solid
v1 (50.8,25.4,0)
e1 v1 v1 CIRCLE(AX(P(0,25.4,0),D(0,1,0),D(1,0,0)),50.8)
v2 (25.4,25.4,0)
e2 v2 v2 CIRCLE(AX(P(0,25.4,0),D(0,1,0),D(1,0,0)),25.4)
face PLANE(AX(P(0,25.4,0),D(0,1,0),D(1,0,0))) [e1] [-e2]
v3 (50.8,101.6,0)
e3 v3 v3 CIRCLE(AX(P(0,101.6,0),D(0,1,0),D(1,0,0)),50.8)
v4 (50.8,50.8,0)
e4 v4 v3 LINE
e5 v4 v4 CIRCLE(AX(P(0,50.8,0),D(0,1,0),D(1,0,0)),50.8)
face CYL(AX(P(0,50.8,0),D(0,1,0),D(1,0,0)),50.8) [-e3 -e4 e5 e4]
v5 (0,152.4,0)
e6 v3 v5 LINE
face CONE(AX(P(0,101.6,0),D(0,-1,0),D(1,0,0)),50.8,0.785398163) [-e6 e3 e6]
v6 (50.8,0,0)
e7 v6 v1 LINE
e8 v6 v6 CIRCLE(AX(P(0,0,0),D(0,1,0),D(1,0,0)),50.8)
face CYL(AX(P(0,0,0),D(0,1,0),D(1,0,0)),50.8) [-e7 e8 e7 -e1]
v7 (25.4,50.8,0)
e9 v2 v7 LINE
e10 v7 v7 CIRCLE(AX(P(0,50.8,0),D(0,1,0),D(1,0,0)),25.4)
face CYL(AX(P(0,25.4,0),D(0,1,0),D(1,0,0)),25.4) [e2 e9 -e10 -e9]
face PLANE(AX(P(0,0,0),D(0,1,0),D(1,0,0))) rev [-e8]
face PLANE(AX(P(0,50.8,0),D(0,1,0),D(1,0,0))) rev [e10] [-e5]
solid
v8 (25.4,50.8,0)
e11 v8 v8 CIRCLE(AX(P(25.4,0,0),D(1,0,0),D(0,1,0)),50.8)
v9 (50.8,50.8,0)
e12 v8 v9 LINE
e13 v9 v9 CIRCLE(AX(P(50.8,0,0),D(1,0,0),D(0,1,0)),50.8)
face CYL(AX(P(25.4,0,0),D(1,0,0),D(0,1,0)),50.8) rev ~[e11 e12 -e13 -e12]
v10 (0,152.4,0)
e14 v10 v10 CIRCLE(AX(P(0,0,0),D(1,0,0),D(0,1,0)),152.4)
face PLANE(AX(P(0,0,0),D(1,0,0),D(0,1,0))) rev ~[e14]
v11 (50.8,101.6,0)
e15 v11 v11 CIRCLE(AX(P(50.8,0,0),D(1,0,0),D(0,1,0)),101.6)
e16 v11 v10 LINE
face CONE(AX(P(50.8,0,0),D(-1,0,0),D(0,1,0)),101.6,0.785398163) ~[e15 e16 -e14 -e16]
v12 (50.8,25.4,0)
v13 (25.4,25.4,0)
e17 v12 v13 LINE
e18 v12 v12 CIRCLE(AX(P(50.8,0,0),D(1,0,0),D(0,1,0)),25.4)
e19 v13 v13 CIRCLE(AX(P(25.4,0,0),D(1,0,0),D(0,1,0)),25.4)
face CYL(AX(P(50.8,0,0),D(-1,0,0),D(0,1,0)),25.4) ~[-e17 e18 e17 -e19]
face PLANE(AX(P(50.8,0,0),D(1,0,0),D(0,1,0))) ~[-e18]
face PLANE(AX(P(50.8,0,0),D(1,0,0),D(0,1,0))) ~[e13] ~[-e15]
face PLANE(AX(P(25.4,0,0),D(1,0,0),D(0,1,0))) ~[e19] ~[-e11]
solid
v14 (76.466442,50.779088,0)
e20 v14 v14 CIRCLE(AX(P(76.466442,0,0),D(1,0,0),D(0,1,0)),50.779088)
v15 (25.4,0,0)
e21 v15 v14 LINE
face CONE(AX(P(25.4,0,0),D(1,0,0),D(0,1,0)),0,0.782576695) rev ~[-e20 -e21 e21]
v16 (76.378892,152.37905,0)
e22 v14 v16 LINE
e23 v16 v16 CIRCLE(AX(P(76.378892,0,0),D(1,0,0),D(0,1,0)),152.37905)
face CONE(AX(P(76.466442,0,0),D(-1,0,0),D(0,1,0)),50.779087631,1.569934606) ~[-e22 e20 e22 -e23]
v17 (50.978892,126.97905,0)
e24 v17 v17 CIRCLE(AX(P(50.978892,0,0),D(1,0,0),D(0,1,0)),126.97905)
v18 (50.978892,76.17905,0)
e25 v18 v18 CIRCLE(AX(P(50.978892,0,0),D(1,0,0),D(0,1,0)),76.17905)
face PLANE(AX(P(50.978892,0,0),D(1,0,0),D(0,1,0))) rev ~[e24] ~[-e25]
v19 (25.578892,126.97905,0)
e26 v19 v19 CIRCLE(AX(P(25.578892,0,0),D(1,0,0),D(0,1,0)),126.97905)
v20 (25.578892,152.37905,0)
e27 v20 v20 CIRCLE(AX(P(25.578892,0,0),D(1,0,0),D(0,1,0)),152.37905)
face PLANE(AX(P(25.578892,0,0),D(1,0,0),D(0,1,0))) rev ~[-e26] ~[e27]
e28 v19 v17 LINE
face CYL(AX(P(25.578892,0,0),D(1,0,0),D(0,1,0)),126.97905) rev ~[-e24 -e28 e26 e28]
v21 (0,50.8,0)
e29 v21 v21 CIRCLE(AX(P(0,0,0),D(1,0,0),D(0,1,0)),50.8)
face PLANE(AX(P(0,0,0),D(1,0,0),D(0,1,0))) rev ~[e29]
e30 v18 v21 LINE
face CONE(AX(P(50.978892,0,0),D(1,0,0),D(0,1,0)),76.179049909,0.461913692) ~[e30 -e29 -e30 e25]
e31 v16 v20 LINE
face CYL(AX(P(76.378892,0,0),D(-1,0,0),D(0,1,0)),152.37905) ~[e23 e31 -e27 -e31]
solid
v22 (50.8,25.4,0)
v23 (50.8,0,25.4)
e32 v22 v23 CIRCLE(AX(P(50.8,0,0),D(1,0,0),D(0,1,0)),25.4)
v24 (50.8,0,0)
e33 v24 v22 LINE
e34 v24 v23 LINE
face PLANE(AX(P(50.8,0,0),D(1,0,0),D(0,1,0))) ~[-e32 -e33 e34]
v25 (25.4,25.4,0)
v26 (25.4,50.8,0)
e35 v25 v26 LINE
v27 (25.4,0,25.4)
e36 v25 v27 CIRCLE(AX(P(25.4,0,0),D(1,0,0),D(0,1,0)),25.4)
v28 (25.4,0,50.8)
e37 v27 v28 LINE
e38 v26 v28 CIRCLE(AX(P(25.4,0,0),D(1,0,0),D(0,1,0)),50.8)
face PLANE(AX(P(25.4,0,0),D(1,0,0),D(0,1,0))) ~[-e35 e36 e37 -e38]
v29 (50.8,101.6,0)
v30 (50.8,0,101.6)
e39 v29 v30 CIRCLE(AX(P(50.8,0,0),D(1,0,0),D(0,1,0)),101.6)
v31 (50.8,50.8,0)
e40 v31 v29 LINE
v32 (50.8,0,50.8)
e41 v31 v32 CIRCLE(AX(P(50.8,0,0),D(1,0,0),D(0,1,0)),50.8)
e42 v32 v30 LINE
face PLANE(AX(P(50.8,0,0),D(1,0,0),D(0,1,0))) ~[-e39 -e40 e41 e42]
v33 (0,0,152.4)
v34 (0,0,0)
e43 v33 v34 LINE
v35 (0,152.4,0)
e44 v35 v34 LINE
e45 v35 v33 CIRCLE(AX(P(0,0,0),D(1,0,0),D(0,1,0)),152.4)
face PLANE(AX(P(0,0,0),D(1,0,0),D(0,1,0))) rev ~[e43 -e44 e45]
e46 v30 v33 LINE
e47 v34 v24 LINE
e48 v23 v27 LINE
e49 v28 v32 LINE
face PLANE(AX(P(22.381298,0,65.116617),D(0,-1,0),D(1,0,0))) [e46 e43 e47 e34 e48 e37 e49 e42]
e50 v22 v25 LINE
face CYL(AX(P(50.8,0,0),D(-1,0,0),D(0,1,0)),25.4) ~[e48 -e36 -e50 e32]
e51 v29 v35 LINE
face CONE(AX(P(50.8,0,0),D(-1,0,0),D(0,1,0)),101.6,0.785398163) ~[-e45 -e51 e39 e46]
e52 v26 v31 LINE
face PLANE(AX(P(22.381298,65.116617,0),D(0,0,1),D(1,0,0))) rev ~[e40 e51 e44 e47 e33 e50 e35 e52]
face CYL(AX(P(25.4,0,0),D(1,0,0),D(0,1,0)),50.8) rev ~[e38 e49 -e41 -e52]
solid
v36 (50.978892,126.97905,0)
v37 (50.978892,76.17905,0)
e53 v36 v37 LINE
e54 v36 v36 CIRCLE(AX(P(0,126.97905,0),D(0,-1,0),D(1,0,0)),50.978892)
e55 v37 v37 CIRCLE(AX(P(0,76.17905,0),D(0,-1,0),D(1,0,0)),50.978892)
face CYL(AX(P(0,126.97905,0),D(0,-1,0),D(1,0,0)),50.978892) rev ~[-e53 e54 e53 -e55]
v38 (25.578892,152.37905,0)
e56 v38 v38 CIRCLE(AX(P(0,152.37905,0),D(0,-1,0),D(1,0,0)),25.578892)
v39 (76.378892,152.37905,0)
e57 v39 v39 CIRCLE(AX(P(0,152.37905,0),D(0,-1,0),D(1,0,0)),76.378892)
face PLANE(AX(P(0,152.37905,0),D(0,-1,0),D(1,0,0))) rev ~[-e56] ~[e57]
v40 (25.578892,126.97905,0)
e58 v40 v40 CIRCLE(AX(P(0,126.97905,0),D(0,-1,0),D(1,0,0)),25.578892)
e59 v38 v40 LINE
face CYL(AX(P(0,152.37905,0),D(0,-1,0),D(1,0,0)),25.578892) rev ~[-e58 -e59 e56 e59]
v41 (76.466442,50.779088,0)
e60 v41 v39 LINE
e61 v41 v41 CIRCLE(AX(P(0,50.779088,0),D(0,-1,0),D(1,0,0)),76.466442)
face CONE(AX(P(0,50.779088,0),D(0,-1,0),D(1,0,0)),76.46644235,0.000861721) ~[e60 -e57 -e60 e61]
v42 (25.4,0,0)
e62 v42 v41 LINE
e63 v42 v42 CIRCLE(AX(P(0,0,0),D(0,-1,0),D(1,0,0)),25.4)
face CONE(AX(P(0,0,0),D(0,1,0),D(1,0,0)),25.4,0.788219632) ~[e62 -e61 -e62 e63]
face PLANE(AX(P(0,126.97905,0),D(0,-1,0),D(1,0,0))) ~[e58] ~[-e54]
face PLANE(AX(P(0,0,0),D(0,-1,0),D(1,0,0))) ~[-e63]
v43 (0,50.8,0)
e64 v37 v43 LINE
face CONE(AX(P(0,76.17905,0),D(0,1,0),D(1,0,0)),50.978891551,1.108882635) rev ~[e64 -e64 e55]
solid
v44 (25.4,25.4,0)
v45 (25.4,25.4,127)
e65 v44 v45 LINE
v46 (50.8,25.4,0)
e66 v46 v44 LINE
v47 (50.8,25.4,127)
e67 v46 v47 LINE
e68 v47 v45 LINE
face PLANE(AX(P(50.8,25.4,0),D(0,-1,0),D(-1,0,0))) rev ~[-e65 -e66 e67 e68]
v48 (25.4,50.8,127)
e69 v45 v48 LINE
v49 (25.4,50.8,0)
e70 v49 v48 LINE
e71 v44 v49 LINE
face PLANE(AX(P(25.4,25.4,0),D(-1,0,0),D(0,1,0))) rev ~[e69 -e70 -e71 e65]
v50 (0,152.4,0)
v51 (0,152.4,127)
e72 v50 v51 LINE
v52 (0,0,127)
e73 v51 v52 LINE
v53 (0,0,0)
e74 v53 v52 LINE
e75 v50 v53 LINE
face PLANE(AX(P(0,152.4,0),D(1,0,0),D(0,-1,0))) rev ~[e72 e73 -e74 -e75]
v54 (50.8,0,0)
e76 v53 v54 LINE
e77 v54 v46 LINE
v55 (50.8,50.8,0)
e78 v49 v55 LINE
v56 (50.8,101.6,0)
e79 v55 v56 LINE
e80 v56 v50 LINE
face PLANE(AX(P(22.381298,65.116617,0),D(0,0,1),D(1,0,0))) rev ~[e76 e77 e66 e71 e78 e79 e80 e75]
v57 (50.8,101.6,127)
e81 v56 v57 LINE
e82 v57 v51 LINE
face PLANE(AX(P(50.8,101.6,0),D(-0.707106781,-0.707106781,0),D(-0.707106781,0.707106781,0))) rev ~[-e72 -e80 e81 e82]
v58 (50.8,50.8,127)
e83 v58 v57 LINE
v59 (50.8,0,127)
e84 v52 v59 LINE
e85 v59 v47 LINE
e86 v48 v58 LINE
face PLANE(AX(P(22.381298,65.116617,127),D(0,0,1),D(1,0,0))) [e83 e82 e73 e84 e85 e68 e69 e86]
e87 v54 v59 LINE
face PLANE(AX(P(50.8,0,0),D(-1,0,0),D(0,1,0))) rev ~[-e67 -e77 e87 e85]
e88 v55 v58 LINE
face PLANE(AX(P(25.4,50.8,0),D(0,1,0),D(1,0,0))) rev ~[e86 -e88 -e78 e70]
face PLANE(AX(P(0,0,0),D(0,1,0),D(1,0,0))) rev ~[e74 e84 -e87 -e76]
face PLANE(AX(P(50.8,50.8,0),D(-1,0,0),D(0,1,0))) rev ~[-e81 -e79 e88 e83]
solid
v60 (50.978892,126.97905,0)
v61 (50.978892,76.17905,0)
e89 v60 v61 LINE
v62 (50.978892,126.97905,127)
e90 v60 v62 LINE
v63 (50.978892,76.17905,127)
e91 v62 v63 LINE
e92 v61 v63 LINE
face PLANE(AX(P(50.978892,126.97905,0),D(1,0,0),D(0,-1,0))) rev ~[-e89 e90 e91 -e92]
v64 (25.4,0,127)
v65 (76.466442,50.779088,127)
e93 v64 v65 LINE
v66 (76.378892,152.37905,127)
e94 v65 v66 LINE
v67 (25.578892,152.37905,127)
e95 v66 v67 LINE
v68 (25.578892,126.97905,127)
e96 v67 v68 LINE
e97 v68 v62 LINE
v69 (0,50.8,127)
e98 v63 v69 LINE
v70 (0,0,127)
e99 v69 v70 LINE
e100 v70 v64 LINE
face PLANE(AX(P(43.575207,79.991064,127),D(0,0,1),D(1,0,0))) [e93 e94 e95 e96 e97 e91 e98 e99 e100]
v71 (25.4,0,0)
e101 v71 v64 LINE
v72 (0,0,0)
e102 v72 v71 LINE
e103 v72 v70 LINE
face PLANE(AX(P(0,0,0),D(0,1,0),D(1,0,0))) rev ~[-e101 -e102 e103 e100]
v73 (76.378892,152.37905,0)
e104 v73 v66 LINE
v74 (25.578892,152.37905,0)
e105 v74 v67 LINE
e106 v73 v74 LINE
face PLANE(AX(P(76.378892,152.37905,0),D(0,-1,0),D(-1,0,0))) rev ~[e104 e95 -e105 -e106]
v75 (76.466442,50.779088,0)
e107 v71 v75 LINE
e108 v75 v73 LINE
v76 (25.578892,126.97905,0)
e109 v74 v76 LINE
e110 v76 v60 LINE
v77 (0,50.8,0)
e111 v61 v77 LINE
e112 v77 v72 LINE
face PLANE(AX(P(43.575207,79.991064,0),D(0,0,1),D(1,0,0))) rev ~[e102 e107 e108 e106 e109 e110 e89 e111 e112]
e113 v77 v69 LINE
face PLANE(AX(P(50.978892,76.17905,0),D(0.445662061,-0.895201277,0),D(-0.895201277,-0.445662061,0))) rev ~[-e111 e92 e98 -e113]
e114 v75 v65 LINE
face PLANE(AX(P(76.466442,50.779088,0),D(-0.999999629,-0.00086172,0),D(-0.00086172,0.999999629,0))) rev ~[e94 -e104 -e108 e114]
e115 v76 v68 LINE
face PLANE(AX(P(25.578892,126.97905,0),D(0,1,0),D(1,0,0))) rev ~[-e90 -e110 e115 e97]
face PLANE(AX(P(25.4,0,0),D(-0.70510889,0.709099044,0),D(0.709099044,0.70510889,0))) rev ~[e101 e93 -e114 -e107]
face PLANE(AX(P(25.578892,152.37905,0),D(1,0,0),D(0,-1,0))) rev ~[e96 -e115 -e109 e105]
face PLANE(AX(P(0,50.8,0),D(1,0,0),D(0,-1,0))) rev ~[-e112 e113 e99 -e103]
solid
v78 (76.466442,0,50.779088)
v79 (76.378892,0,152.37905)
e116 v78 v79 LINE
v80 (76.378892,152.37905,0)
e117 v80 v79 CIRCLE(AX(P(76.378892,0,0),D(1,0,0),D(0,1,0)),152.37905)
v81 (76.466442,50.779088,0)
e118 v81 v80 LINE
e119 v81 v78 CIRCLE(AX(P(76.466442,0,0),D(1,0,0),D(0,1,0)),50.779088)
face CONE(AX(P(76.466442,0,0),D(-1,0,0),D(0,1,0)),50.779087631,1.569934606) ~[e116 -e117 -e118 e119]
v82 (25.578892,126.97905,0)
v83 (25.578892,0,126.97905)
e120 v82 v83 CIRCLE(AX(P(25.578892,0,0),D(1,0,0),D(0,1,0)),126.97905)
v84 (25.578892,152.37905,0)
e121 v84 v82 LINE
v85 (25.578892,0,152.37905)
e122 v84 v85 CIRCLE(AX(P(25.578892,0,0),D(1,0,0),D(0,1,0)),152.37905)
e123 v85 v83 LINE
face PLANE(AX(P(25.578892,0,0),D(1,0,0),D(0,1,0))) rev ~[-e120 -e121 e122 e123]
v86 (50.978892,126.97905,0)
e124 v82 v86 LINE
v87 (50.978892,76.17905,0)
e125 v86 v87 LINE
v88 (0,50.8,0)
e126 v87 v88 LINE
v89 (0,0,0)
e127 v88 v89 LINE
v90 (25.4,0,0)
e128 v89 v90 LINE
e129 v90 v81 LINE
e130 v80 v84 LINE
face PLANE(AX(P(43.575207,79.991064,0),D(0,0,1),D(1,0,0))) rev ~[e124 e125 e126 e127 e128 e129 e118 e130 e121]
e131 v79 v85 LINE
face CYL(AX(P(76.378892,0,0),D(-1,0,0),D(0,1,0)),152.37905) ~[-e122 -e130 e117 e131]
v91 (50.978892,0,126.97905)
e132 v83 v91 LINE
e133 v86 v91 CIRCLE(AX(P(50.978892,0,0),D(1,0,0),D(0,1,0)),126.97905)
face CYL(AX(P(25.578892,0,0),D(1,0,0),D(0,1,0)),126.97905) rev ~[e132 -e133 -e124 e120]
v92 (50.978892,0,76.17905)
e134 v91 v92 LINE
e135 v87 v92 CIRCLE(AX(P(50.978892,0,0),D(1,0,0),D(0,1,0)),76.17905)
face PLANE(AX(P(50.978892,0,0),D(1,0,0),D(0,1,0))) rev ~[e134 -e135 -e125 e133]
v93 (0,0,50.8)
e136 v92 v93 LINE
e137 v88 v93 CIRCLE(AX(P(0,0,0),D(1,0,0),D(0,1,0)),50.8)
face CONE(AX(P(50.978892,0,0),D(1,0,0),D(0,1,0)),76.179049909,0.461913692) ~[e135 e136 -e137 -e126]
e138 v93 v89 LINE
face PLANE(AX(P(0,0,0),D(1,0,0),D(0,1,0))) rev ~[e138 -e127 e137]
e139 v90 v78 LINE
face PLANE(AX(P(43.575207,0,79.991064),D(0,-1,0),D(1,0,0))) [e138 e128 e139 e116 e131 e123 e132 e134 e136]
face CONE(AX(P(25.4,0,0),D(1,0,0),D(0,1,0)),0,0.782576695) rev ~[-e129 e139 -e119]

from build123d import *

# Parameters (mm, degrees)
F1_DEPTH = 127
F4_ANGLE = 90
F6_DEPTH = 127
F9_ANGLE = 90


with BuildPart() as f1:
    # F0 (on Top) → F1 (new body)
    with BuildSketch(Plane.XY):
        Polygon((0, 152.4), (0, 0), (50.8, 0), (50.8, 25.4), (25.4, 25.4), (25.4, 50.8), (50.8, 50.8), (50.8, 101.6), align=None)
    extrude(amount=F1_DEPTH)


with BuildPart() as f2:
    # F0 (on Top) → F2 (revolve)
    with BuildSketch(Plane.XY):
        Polygon((0, 152.4), (0, 0), (50.8, 0), (50.8, 25.4), (25.4, 25.4), (25.4, 50.8), (50.8, 50.8), (50.8, 101.6), align=None)
    revolve(axis=Axis((25.4, 0, 0), (1, 0, 0)))


with BuildPart() as f3:
    # F0 (on Top) → F3 (revolve)
    with BuildSketch(Plane.XY):
        Polygon((0, 152.4), (0, 0), (50.8, 0), (50.8, 25.4), (25.4, 25.4), (25.4, 50.8), (50.8, 50.8), (50.8, 101.6), align=None)
    revolve(axis=Axis((0, 76.2, 0), (0, 1, 0)))


with BuildPart() as f4:
    # F0 (on Top) → F4 (revolve)
    with BuildSketch(Plane.XY):
        Polygon((0, 152.4), (0, 0), (50.8, 0), (50.8, 25.4), (25.4, 25.4), (25.4, 50.8), (50.8, 50.8), (50.8, 101.6), align=None)
    revolve(axis=Axis((25.4, 0, 0), (1, 0, 0)), revolution_arc=F4_ANGLE)


with BuildPart() as f6:
    # F5 (on Top) → F6 (new body)
    with BuildSketch(Plane.XY):
        Polygon((50.9788915515, 76.1790499091), (0, 50.8), (0, 0), (25.4, 0), (76.4664423498, 50.7790876313), (76.3788915515, 152.3790499091), (25.5788915515, 152.3790499091), (25.5788915515, 126.9790499091), (50.9788915515, 126.9790499091), align=None)
    extrude(amount=F6_DEPTH)


with BuildPart() as f7:
    # F5 (on Top) → F7 (revolve)
    with BuildSketch(Plane.XY):
        Polygon((50.9788915515, 76.1790499091), (0, 50.8), (0, 0), (25.4, 0), (76.4664423498, 50.7790876313), (76.3788915515, 152.3790499091), (25.5788915515, 152.3790499091), (25.5788915515, 126.9790499091), (50.9788915515, 126.9790499091), align=None)
    revolve(axis=Axis((0, 25.4, 0), (0, -1, 0)))


with BuildPart() as f8:
    # F5 (on Top) → F8 (revolve)
    with BuildSketch(Plane.XY):
        Polygon((50.9788915515, 76.1790499091), (0, 50.8), (0, 0), (25.4, 0), (76.4664423498, 50.7790876313), (76.3788915515, 152.3790499091), (25.5788915515, 152.3790499091), (25.5788915515, 126.9790499091), (50.9788915515, 126.9790499091), align=None)
    revolve(axis=Axis((12.7, 0, 0), (1, 0, 0)))


with BuildPart() as f9:
    # F5 (on Top) → F9 (revolve)
    with BuildSketch(Plane.XY):
        Polygon((50.9788915515, 76.1790499091), (0, 50.8), (0, 0), (25.4, 0), (76.4664423498, 50.7790876313), (76.3788915515, 152.3790499091), (25.5788915515, 152.3790499091), (25.5788915515, 126.9790499091), (50.9788915515, 126.9790499091), align=None)
    revolve(axis=Axis((12.7, 0, 0), (1, 0, 0)), revolution_arc=F9_ANGLE)


solid = Compound([f1.part, f2.part, f3.part, f4.part, f6.part, f7.part, f8.part, f9.part])
